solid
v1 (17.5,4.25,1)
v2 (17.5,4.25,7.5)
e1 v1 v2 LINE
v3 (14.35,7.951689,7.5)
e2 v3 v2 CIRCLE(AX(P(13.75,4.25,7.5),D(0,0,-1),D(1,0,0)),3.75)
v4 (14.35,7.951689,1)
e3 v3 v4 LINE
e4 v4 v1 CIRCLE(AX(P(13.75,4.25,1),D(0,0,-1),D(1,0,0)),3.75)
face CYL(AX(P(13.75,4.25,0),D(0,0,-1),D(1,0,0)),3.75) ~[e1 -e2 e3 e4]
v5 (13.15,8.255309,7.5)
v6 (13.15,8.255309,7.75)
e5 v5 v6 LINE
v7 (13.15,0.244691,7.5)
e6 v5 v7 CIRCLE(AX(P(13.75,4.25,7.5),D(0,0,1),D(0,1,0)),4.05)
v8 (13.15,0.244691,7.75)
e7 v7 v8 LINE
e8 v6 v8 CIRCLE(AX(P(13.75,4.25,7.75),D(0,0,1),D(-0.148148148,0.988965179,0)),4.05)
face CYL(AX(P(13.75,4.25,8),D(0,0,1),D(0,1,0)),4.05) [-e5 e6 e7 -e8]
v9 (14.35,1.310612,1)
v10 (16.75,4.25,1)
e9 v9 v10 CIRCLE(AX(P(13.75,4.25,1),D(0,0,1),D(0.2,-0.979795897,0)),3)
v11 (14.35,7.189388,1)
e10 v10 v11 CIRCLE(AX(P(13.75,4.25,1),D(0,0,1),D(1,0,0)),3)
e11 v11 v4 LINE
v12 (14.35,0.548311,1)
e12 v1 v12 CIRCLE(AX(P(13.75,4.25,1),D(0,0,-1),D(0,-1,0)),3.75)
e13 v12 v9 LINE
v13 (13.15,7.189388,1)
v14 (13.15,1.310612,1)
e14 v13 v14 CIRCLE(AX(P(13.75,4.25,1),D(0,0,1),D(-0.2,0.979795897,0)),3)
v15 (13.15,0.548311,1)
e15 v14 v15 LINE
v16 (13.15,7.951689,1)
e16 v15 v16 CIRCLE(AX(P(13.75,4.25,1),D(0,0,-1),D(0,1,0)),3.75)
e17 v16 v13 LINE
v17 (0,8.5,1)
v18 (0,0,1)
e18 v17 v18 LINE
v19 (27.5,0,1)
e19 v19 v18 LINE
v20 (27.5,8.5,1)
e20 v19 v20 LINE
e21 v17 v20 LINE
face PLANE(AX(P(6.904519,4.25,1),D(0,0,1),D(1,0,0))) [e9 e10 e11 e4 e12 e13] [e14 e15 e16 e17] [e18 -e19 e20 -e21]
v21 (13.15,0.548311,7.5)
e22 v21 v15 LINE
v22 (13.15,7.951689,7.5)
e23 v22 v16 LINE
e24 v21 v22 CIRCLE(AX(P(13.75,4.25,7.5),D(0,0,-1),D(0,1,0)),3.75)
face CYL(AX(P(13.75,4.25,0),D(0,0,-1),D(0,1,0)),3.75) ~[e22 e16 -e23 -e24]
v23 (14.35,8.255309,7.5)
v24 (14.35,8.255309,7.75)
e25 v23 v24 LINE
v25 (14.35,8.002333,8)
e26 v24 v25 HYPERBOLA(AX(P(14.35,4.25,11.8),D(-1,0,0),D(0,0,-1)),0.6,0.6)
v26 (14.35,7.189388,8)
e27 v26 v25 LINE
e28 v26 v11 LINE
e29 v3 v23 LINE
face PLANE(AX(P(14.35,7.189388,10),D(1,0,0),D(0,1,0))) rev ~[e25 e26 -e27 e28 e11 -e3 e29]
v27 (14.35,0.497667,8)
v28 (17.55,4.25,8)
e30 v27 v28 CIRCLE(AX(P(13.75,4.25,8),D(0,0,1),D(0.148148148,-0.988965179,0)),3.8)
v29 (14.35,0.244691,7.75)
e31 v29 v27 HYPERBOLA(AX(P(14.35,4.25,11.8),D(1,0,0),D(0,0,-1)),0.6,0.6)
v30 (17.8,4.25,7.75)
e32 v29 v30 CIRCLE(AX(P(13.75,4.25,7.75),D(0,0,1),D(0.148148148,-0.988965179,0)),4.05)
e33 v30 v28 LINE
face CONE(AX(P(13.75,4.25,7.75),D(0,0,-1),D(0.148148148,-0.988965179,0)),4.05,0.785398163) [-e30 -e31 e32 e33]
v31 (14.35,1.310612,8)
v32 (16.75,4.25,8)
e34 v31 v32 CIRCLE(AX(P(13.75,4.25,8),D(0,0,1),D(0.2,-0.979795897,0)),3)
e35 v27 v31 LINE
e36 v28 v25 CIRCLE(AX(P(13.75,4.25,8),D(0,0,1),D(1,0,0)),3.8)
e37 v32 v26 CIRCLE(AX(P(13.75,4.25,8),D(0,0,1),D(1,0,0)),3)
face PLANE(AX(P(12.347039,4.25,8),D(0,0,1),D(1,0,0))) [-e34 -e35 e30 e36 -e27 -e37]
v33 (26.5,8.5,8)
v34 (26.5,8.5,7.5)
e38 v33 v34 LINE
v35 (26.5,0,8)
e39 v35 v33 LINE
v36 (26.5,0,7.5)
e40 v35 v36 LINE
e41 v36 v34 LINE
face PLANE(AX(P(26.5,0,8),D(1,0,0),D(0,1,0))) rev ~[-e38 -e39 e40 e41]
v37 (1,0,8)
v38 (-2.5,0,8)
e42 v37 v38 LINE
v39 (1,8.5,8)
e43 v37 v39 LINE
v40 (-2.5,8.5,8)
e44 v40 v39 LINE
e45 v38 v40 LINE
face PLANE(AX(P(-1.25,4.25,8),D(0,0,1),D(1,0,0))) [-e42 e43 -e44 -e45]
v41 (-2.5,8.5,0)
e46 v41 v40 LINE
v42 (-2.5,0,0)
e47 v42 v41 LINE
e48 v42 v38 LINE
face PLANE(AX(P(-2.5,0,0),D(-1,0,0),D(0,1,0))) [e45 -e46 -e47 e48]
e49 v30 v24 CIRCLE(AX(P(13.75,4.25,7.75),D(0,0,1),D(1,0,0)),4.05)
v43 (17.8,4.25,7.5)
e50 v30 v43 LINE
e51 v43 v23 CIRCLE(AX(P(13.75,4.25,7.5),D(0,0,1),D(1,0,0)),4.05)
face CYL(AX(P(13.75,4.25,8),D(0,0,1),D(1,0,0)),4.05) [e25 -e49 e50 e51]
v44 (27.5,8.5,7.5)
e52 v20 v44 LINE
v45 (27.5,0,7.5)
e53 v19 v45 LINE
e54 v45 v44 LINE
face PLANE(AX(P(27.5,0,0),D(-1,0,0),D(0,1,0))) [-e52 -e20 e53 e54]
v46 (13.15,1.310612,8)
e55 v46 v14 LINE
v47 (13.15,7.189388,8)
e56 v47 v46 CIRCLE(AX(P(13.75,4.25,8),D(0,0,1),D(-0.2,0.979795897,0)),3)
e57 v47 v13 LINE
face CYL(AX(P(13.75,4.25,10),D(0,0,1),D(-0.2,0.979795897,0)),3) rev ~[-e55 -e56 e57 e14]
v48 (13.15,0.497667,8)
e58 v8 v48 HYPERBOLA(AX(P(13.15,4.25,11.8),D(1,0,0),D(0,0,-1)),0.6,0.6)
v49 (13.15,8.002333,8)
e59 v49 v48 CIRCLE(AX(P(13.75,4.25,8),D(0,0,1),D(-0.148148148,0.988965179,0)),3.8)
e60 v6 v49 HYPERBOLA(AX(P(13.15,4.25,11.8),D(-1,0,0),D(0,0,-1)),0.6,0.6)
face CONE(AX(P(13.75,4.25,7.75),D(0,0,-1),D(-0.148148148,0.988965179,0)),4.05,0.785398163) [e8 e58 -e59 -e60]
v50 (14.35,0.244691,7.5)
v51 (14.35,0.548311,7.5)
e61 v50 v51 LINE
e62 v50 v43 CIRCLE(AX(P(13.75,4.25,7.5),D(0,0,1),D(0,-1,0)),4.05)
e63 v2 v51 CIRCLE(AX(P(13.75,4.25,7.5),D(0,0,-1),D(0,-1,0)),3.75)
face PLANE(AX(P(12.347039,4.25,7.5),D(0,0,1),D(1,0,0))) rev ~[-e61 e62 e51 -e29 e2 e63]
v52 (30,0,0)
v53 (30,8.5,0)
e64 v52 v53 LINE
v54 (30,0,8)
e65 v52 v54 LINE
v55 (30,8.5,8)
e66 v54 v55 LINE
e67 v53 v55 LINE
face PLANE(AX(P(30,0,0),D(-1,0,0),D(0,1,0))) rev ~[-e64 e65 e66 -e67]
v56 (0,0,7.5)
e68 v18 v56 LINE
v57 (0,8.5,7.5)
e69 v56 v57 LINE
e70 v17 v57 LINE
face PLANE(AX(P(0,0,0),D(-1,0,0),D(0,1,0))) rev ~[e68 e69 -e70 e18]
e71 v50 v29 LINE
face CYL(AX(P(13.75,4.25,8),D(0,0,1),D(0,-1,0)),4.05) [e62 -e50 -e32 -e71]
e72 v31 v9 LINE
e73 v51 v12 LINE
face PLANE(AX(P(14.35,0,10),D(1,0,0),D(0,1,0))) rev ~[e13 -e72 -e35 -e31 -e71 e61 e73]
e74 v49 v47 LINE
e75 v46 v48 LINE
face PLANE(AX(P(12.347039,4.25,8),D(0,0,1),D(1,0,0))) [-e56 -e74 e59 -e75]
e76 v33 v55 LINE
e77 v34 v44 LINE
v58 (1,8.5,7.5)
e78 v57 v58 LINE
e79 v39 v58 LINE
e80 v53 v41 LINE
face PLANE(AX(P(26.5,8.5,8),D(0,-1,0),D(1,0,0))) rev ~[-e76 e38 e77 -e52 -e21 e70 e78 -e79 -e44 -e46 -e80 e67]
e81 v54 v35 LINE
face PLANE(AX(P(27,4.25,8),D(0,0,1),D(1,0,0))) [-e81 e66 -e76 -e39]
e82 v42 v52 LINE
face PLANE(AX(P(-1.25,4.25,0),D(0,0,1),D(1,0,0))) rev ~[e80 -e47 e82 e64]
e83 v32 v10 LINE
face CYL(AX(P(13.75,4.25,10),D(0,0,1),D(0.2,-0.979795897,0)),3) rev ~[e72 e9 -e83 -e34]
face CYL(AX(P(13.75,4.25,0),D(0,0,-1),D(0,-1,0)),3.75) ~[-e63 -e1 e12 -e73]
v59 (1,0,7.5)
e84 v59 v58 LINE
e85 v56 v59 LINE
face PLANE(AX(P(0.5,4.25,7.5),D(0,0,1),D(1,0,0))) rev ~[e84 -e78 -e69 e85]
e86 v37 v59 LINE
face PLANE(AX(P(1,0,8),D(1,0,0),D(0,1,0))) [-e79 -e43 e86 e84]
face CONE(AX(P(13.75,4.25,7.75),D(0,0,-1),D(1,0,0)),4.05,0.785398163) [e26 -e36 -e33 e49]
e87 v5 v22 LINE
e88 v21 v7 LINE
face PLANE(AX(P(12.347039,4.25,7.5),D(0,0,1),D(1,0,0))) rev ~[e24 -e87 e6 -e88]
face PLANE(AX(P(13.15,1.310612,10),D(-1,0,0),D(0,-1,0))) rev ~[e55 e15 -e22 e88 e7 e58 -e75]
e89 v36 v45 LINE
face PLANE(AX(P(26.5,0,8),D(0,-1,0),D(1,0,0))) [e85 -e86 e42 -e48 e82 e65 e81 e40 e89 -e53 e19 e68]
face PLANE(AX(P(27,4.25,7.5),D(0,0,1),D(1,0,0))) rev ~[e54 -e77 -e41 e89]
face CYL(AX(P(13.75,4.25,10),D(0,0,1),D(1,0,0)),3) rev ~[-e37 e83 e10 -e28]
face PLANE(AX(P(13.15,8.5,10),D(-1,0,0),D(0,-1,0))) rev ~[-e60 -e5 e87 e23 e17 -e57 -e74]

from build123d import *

# Parameters (mm, degrees)
F1_DEPTH = 1
F2_W     = 2.5
F2_H     = 8.5
F3_DEPTH = 8
F5_W     = 1
F5_H     = 8.5
F6_DEPTH = 0.5
F9_DEPTH = 9
F10_SIZE = 0.25


with BuildPart() as f1:
    # F0 (on Top) → F1 (new body)
    with BuildSketch(Plane.XY):
        with BuildLine():
            Line((0, 8.5), (0, 0))
            Line((0, 0), (13.75, 0))
            Line((13.75, 0), (13.75, 0.5))
            ThreePointArc((13.75, 0.5), (10, 4.25), (13.75, 8))
            Line((13.75, 8), (13.75, 8.5))
            Line((13.75, 8.5), (0, 8.5))
        make_face()
        with BuildLine():
            Line((13.75, 0.5), (13.75, 0))
            Line((13.75, 0), (27.5, 0))
            Line((27.5, 0), (27.5, 8.5))
            Line((27.5, 8.5), (13.75, 8.5))
            Line((13.75, 8.5), (13.75, 8))
            ThreePointArc((13.75, 8), (16.4016504294, 6.9016504294), (17.5, 4.25))
            ThreePointArc((17.5, 4.25), (16.4016504294, 1.5983495706), (13.75, 0.5))
        make_face()
        with BuildLine():
            ThreePointArc((13.75, 8), (10, 4.25), (13.75, 0.5))
            Line((13.75, 0.5), (13.75, 8))
        make_face()
        with BuildLine():
            Line((13.75, 8), (13.75, 0.5))
            ThreePointArc((13.75, 0.5), (16.4016504294, 1.5983495706), (17.5, 4.25))
            ThreePointArc((17.5, 4.25), (16.4016504294, 6.9016504294), (13.75, 8))
        make_face()
    extrude(amount=F1_DEPTH)

    # F2 (on Top) → F3 (join)
    with BuildSketch(Plane.XY):
        with Locations((-1.25, 4.25)):
            Rectangle(F2_W, F2_H)
        with BuildLine():
            ThreePointArc((13.75, 8), (10, 4.25), (13.75, 0.5))
            Line((13.75, 0.5), (13.75, 8))
        make_face()
        with BuildLine():
            Line((13.75, 8), (13.75, 0.5))
            ThreePointArc((13.75, 0.5), (16.4016504294, 1.5983495706), (17.5, 4.25))
            ThreePointArc((17.5, 4.25), (16.4016504294, 6.9016504294), (13.75, 8))
        make_face()
        with Locations((28.75, 4.25)):
            Rectangle(F2_W, F2_H)
    extrude(amount=F3_DEPTH)

    # F5 (on offset) → F6 (join)
    with BuildSketch(Plane.XY.offset(8)):
        with Locations((27, 4.25)):
            Rectangle(F5_W, F5_H)
        with Locations((0.5, 4.25)):
            Rectangle(F5_W, F5_H)
        with BuildLine():
            ThreePointArc((13.75, 8.3), (9.7, 4.25), (13.75, 0.2))
            Line((13.75, 0.2), (13.75, 8.3))
        make_face()
        with BuildLine():
            Line((13.75, 8.3), (13.75, 0.2))
            ThreePointArc((13.75, 0.2), (16.6137824638, 1.3862175362), (17.8, 4.25))
            ThreePointArc((17.8, 4.25), (16.6137824638, 7.1137824638), (13.75, 8.3))
        make_face()
    extrude(amount=-F6_DEPTH)

    # F8 (on offset) → F9 (cut)
    with BuildSketch(Plane.XY.offset(10)):
        with BuildLine():
            Line((13.75, 1.25), (13.75, 0))
            Line((13.75, 0), (14.35, 0))
            Line((14.35, 0), (14.35, 1.3106123087))
            ThreePointArc((14.35, 1.3106123087), (14.051526886, 1.265191541), (13.75, 1.25))
        make_face()
        with BuildLine():
            Line((13.75, 8.5), (13.75, 7.25))
            ThreePointArc((13.75, 7.25), (14.051526886, 7.234808459), (14.35, 7.1893876913))
            Line((14.35, 7.1893876913), (14.35, 8.5))
            Line((14.35, 8.5), (13.75, 8.5))
        make_face()
        with BuildLine():
            Line((13.75, 4.25), (13.75, 1.25))
            ThreePointArc((13.75, 1.25), (14.051526886, 1.265191541), (14.35, 1.3106123087))
            Line((14.35, 1.3106123087), (14.35, 4.25))
            Line((14.35, 4.25), (13.75, 4.25))
        make_face()
        with BuildLine():
            ThreePointArc((13.15, 7.1893876913), (10.75, 4.25), (13.15, 1.3106123087))
            Line((13.15, 1.3106123087), (13.15, 4.25))
            Line((13.15, 4.25), (13.15, 7.1893876913))
        make_face()
        with BuildLine():
            Line((13.15, 8.5), (13.15, 7.1893876913))
            ThreePointArc((13.15, 7.1893876913), (13.448473114, 7.234808459), (13.75, 7.25))
            Line((13.75, 7.25), (13.75, 8.5))
            Line((13.75, 8.5), (13.15, 8.5))
        make_face()
        with BuildLine():
            Line((13.75, 7.25), (13.75, 4.25))
            Line((13.75, 4.25), (14.35, 4.25))
            Line((14.35, 4.25), (14.35, 7.1893876913))
            ThreePointArc((14.35, 7.1893876913), (14.051526886, 7.234808459), (13.75, 7.25))
        make_face()
        with BuildLine():
            Line((13.15, 1.3106123087), (13.15, 0))
            Line((13.15, 0), (13.75, 0))
            Line((13.75, 0), (13.75, 1.25))
            ThreePointArc((13.75, 1.25), (13.448473114, 1.265191541), (13.15, 1.3106123087))
        make_face()
        with BuildLine():
            Line((14.35, 4.25), (14.35, 1.3106123087))
            ThreePointArc((14.35, 1.3106123087), (16.0737900077, 2.3526334039), (16.75, 4.25))
            ThreePointArc((16.75, 4.25), (16.0737900077, 6.1473665961), (14.35, 7.1893876913))
            Line((14.35, 7.1893876913), (14.35, 4.25))
        make_face()
        with BuildLine():
            Line((13.15, 4.25), (13.15, 1.3106123087))
            ThreePointArc((13.15, 1.3106123087), (13.448473114, 1.265191541), (13.75, 1.25))
            Line((13.75, 1.25), (13.75, 4.25))
            Line((13.75, 4.25), (13.75, 7.25))
            ThreePointArc((13.75, 7.25), (13.448473114, 7.234808459), (13.15, 7.1893876913))
            Line((13.15, 7.1893876913), (13.15, 4.25))
        make_face()
    extrude(amount=-F9_DEPTH, mode=Mode.SUBTRACT)

    # F10
    f10_edges = [f1.edges().sort_by_distance(p)[0] for p in [
        (9.7, 4.25, 8),
        (17.8, 4.25, 8),
    ]]
    chamfer(f10_edges, length=F10_SIZE)


solid = f1.part
